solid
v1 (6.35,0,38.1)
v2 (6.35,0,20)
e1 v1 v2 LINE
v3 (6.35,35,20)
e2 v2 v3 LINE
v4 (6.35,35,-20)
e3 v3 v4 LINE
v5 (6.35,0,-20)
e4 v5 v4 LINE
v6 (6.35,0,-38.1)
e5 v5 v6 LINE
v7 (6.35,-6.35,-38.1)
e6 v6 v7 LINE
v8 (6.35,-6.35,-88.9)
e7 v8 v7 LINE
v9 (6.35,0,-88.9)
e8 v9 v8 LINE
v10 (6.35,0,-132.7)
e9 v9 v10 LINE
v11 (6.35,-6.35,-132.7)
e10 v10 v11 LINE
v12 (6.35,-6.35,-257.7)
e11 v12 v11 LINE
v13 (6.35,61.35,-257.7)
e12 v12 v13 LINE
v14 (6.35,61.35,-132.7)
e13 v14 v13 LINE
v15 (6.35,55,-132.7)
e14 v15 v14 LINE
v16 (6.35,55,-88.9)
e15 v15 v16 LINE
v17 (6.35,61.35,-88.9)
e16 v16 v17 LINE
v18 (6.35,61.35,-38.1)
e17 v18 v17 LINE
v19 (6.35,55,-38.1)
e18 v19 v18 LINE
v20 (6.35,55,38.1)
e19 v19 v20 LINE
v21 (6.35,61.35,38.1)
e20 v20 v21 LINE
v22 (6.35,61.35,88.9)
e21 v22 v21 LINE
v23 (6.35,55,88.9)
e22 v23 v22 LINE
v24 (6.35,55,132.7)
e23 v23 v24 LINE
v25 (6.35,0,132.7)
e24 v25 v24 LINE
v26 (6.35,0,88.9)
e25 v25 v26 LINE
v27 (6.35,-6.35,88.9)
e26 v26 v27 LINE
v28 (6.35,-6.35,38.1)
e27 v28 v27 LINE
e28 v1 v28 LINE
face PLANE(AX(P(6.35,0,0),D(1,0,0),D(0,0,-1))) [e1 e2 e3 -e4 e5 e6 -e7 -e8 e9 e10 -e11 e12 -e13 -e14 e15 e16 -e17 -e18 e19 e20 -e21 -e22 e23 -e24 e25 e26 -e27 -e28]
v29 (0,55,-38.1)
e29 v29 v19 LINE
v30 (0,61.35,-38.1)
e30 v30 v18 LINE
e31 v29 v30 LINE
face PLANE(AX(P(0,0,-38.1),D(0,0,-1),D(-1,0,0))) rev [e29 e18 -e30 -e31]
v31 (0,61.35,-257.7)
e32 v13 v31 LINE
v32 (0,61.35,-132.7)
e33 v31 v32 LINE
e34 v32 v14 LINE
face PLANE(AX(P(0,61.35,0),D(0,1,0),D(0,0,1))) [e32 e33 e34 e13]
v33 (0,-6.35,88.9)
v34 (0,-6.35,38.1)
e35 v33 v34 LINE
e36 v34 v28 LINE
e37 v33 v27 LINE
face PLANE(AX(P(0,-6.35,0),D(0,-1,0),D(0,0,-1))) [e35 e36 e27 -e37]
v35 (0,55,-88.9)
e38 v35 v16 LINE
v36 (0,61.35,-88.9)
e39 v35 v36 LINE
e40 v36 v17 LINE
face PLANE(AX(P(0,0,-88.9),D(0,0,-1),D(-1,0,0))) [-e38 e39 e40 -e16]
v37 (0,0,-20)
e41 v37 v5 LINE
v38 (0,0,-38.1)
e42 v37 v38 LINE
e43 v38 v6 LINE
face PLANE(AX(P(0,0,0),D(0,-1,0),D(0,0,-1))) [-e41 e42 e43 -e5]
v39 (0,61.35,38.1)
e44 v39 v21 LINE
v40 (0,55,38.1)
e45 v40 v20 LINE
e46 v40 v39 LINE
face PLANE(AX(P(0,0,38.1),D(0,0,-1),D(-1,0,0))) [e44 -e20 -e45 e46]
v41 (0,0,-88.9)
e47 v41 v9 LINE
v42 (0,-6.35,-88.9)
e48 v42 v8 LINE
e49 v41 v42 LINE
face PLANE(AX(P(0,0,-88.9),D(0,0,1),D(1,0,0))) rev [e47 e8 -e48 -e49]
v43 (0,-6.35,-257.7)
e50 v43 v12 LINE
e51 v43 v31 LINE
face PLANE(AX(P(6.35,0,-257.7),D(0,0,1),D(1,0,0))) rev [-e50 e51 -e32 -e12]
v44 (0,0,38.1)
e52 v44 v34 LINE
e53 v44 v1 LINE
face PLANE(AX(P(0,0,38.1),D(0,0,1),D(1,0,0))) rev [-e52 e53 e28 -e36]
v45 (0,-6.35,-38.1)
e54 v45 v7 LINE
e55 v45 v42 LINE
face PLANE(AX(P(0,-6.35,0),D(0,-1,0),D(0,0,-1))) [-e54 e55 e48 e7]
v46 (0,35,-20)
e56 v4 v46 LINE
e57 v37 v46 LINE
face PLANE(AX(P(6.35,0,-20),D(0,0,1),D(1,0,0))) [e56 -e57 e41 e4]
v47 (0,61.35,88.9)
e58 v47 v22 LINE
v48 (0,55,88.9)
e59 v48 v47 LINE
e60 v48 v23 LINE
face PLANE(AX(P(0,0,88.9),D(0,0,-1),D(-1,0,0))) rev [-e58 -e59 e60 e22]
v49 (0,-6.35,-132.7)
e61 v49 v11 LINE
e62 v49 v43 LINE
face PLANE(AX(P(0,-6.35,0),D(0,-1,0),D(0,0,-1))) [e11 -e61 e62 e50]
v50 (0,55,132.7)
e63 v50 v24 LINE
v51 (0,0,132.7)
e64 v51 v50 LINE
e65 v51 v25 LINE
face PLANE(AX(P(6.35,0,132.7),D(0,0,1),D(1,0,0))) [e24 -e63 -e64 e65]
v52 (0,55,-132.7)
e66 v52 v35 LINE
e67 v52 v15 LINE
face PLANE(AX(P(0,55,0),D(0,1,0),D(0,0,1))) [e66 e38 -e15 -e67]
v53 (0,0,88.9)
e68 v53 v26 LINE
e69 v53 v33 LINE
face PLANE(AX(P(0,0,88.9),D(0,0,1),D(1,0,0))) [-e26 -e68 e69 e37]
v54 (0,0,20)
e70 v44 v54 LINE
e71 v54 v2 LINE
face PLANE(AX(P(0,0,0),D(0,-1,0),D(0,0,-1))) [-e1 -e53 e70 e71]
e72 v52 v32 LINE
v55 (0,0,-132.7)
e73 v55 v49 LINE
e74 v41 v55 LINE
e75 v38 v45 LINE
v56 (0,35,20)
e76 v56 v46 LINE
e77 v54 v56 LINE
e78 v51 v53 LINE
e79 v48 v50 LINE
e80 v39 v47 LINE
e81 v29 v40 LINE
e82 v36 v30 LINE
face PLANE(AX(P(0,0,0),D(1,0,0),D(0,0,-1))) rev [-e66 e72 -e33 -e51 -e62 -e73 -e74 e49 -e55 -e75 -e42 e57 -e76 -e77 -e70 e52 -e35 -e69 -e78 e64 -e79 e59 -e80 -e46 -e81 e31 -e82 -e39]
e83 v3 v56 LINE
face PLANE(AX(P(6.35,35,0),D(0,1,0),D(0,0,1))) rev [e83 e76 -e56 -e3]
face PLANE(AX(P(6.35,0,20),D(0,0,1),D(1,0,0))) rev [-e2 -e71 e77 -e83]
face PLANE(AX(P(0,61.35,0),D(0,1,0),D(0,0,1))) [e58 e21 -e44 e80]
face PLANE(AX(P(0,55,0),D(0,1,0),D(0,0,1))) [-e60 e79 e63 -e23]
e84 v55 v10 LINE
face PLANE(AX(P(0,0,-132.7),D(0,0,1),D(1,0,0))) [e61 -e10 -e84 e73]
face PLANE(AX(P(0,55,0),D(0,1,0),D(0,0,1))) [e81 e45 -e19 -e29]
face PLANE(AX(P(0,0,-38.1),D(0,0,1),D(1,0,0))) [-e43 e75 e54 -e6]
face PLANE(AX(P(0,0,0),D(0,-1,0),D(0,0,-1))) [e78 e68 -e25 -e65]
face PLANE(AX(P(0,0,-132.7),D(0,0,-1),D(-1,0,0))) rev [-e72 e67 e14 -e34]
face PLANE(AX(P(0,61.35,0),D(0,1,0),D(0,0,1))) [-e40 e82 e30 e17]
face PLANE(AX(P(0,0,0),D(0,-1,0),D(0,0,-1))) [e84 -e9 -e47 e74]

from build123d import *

# Parameters (mm, degrees)
BOSS_EXTRUDE1_DEPTH = 6.35
SKETCH4_W           = 6.35
SKETCH4_H           = 237.700000096
SKETCH4_H_2         = 112.7
BOSS_EXTRUDE2_DEPTH = 6.35
SKETCH5_W           = 6.35
SKETCH5_H           = 390.400000096
BOSS_EXTRUDE3_DEPTH = 6.35
SKETCH6_W           = 76.2
SKETCH6_H           = 6.35
SKETCH6_W_2         = 43.8
CUT_EXTRUDE1_DEPTH  = 265.978178443


with BuildPart() as part:
    # Sketch3 → Boss-Extrude1 (new body)
    with BuildSketch(Plane(origin=(0, 0, 0), x_dir=(0, 0, -1), z_dir=(1, 0, 0))):
        Polygon((-132.7, 55.000000012), (-132.7, 0), (-20, 0), (-20, 35), (20, 35), (20, 0), (257.700000096, 0), (257.700000096, 55.000000012), align=None)
    extrude(amount=BOSS_EXTRUDE1_DEPTH)

    # Sketch4 → Boss-Extrude2 (add)
    with BuildSketch(Plane.XZ):
        with Locations((3.175, -138.850000048)):
            Rectangle(SKETCH4_W, SKETCH4_H)
        with Locations((3.175, 76.35)):
            Rectangle(SKETCH4_W, SKETCH4_H_2)
    extrude(amount=BOSS_EXTRUDE2_DEPTH)

    # Sketch5 → Boss-Extrude3 (add)
    with BuildSketch(Plane(origin=(0, 55.000000012, 0), x_dir=(1, 0, 0), z_dir=(0, 1, 0))):
        with Locations((3.175, 62.500000048)):
            Rectangle(SKETCH5_W, SKETCH5_H)
    extrude(amount=BOSS_EXTRUDE3_DEPTH)

    # Sketch6 → Cut-Extrude1 (cut, through all)
    with BuildSketch(Plane(origin=(6.35, 0, 0), x_dir=(0, 0, -1), z_dir=(1, 0, 0))):
        Polygon((-132.7, 55.000000012), (-126.35, 55.000000012), (-88.9, 55.000000012), (-88.9, 61.350000012), (-132.7, 61.350000012), align=None)
        Polygon((-88.9, 0), (-126.35, 0), (-132.7, 0), (-132.7, -6.35), (-88.9, -6.35), align=None)
        with Locations((0, 58.175000012)):
            Rectangle(SKETCH6_W, SKETCH6_H)
        Polygon((26.35, 0), (20, 0), (20, -6.35), (38.1, -6.35), (38.1, 0), align=None)
        Polygon((-26.35, 0), (-38.1, 0), (-38.1, -6.35), (-20, -6.35), (-20, 0), align=None)
        with Locations((110.8, 58.175000012)):
            Rectangle(SKETCH6_W_2, SKETCH6_H)
        with Locations((110.8, -3.175)):
            Rectangle(SKETCH6_W_2, SKETCH6_H)
    extrude(amount=-CUT_EXTRUDE1_DEPTH, mode=Mode.SUBTRACT)


solid = part.part
